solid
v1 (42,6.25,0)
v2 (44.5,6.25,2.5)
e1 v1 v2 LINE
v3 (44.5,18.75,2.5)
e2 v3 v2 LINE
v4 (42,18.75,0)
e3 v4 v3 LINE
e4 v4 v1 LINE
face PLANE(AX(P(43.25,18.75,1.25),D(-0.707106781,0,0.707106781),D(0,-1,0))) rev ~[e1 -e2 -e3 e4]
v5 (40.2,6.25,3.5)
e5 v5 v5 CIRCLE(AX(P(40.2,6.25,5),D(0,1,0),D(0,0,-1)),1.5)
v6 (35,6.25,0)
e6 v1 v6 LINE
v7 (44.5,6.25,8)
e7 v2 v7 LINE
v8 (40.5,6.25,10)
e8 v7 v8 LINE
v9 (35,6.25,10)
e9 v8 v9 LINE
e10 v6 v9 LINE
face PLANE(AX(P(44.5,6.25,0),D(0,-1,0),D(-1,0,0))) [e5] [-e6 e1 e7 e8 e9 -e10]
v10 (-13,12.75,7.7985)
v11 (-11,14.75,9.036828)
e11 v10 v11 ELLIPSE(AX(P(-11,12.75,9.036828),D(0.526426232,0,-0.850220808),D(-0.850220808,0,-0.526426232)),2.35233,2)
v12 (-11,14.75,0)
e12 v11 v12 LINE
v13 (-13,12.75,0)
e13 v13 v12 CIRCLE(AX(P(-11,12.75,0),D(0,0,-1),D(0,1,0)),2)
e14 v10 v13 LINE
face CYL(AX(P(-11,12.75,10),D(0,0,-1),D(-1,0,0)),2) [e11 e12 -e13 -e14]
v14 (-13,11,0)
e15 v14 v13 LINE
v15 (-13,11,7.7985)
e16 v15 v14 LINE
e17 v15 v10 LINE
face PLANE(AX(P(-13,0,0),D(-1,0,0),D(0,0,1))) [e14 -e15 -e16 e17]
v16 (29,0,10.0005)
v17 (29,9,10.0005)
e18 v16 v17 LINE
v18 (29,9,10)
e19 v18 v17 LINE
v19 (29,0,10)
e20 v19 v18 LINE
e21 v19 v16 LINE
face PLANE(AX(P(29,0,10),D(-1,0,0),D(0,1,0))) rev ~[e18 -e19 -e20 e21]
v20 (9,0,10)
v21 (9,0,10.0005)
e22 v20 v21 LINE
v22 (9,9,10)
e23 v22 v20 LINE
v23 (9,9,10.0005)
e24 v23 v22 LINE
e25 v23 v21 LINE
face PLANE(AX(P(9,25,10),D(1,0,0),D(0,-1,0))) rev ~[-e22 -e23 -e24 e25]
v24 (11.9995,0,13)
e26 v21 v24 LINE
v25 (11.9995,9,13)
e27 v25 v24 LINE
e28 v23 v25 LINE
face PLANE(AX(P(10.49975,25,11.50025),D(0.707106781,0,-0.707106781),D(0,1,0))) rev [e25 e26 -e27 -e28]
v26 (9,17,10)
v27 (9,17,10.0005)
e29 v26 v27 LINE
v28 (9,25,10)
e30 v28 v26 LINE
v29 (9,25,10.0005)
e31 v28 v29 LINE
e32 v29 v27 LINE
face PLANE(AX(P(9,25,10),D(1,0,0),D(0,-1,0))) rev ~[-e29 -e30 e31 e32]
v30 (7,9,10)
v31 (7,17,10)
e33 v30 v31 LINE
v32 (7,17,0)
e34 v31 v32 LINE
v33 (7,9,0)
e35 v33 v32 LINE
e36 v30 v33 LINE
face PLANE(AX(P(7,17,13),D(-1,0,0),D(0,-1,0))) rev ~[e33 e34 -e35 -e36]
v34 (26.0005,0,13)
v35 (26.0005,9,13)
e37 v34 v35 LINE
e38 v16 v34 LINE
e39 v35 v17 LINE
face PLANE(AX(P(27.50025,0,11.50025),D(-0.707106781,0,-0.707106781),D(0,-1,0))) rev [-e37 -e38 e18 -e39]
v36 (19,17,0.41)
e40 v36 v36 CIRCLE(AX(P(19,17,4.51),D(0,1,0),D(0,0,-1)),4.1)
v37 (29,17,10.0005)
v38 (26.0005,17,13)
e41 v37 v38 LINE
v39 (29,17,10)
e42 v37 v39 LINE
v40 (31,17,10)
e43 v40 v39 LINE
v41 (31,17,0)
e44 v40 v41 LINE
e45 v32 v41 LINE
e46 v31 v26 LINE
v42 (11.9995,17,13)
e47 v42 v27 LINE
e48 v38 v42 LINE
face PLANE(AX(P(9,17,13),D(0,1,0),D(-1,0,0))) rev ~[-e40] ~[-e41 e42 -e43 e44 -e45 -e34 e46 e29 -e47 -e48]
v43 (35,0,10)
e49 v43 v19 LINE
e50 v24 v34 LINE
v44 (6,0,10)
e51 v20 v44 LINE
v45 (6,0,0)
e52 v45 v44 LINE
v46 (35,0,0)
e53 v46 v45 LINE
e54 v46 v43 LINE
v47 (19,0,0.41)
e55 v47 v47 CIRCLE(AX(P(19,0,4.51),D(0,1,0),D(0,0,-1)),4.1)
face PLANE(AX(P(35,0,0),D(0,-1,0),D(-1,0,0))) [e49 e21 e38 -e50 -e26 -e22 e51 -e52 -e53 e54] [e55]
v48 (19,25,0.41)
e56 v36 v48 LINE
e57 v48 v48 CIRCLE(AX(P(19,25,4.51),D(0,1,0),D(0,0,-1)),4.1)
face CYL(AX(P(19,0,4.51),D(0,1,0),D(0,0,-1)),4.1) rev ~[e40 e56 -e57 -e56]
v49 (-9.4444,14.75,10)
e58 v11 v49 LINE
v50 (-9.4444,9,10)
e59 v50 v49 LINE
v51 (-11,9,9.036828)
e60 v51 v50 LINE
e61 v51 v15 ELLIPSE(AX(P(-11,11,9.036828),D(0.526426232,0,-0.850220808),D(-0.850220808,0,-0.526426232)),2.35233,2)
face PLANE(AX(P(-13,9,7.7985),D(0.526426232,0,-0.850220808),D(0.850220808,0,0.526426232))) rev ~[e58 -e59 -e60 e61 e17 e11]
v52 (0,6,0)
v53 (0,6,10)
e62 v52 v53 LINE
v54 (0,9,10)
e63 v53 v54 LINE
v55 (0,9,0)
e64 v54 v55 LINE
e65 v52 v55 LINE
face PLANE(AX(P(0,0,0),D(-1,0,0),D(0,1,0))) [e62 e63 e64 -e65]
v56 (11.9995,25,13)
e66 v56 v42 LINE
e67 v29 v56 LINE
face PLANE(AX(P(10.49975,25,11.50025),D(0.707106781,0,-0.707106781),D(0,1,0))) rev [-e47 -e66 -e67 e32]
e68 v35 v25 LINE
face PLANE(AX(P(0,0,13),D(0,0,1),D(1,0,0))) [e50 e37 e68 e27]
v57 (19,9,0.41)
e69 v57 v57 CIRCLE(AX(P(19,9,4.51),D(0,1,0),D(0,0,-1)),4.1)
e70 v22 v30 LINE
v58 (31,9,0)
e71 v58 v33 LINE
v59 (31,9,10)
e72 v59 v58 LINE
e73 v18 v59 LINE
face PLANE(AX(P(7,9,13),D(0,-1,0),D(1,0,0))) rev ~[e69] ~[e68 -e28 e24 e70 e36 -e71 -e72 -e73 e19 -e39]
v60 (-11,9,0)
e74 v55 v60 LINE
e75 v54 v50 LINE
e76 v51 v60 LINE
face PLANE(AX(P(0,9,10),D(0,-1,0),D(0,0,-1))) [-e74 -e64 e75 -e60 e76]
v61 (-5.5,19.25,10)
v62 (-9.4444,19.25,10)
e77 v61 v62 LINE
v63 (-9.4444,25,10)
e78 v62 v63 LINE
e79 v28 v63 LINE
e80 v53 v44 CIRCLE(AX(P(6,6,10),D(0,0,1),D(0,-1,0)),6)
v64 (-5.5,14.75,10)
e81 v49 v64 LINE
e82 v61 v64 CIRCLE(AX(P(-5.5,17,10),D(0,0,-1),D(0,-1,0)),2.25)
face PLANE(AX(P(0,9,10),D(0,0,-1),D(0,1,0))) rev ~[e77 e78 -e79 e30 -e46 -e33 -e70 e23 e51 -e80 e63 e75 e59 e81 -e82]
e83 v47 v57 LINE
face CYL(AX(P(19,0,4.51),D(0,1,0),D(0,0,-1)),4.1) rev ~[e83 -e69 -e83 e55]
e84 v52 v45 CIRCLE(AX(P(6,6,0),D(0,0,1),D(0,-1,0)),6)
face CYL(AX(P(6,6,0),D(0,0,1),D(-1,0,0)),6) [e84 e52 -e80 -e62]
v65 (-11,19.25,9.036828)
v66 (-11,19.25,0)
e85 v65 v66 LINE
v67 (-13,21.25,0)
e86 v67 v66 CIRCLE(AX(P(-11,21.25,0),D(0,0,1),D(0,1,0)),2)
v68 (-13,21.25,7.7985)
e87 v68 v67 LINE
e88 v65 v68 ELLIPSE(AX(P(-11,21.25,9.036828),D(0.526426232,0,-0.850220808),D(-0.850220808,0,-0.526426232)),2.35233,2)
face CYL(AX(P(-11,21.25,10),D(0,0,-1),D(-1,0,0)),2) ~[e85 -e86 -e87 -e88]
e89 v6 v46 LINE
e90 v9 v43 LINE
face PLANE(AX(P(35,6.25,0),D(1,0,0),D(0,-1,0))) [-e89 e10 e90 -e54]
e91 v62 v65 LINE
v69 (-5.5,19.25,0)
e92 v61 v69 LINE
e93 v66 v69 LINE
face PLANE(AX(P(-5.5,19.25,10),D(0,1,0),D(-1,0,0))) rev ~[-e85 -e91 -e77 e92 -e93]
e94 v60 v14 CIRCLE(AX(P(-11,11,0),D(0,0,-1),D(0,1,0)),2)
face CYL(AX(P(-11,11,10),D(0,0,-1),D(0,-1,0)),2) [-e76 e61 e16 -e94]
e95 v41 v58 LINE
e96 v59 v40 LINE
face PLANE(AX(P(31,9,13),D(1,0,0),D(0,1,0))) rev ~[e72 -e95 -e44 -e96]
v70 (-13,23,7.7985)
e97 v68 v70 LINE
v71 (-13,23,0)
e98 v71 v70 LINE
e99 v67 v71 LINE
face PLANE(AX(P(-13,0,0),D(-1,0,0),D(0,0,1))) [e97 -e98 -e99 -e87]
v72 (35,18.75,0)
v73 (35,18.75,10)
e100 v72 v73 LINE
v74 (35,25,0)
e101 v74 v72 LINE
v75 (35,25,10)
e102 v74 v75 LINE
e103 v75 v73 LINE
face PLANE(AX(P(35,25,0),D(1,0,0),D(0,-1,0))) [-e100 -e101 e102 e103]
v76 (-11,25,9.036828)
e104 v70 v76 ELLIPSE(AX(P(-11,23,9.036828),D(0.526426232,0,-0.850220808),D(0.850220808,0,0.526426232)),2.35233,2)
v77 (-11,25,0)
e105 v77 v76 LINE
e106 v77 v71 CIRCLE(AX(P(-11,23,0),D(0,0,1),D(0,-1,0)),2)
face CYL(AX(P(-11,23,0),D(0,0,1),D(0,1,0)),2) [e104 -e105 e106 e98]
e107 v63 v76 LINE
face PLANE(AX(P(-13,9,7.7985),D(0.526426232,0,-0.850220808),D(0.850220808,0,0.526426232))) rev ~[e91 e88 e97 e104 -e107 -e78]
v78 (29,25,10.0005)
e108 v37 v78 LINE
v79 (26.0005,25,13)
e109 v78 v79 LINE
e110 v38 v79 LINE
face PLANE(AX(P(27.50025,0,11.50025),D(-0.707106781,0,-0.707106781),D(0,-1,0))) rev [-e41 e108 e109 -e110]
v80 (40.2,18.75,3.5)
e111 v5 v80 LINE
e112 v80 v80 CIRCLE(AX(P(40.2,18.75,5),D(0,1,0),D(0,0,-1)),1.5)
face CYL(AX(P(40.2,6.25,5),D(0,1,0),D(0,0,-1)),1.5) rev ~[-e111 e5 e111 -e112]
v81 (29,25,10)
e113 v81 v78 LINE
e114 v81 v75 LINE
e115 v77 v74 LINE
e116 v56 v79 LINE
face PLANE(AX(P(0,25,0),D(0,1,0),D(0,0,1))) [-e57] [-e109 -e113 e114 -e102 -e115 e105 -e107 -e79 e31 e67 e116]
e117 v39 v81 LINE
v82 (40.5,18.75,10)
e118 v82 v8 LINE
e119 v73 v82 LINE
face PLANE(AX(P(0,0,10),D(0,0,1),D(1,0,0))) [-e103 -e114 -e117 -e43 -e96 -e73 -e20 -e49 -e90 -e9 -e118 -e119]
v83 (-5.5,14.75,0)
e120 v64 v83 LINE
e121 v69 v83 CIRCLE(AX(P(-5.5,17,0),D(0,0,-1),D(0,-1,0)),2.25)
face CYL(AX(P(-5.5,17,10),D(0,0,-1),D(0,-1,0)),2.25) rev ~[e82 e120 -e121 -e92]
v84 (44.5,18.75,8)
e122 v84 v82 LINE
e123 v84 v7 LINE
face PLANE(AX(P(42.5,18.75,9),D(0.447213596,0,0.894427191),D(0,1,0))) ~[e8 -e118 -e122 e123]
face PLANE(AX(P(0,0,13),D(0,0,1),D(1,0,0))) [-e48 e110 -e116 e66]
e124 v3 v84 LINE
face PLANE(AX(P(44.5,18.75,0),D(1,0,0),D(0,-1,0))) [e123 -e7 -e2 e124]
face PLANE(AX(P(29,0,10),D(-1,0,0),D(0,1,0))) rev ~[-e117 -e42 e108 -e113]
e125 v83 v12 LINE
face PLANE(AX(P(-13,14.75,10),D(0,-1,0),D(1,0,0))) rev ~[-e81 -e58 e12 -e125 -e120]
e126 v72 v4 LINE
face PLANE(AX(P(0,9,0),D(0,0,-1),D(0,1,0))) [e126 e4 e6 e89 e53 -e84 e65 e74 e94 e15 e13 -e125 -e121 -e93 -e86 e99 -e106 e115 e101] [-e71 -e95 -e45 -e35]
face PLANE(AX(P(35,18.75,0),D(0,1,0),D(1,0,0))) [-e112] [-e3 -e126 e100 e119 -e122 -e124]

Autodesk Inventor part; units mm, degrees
ref_plane "YZ Plane" through (0, 0, 0) normal (1, 0, 0) x (0, 1, 0)
ref_plane "XZ Plane" through (0, 0, 0) normal (0, 1, 0) x (-1, 0, 0)
ref_plane "XY Plane" through (0, 0, 0) normal (0, 0, 1) x (1, 0, 0)
sketch "Sketch1" plane through (0, 0, 0) normal (0, 0, 1) x (1, 0, 0)
  line L0 (0, 0) -> (0, 25)
  line L1 (0, 25) -> (35, 25)
  line L2 (35, 25) -> (35, 18.75)
  line L3 (35, 18.75) -> (44.5, 18.75)
  line L4 (44.5, 18.75) -> (44.5, 6.25)
  line L5 (44.5, 6.25) -> (35, 6.25)
  line L6 (35, 6.25) -> (35, 0)
  line L7 (35, 0) -> (0, 0)
  point P0 (0, 12.5)
  point P1 (44.5, 12.5)
  dimension "d0" = 25
  dimension "d1" = 35
  dimension "d2" = 12.5
  dimension "d3" = 6.25
  dimension "d4" = 9.5
extrude "Extrusion1" add sketch "Sketch1" along normal blind 10
hole "Hole1" at (40.2, 6.25, 5) direction (0, 1, 0) diameter 3 end through all
chamfer "Chamfer1" distance 2.5 angle 45 1 edges at (44.5, 12.5, 0)
hole "Hole2" at (19, 0, 4.51) direction (0, 1, 0) diameter 8.2 end through all
sketch "Sketch2" plane through (0, 0, 10) normal (0, 0, 1) x (1, 0, 0)
  line L0 (0, 25) -> (35, 25) projected
  line L1 (35, 0) -> (0, 0) projected
  line L2 (23.1, 25) -> (23.1, 0) projected
  line L3 (14.9, 25) -> (14.9, 0) projected
  line L4 (9, 0) -> (29, 0)
  line L5 (29, 0) -> (29, 25)
  line L6 (29, 25) -> (9, 25)
  line L7 (9, 25) -> (9, 0)
  dimension "d28" = 20
  dimension "d29" = 6
extrude "Extrusion2" add sketch "Sketch2" along normal blind 3
chamfer "Chamfer2" distance 3 angle 45 2 edges at (29, 12.5, 13) (9, 12.5, 13)
sketch "Sketch3" plane through (0, 0, 0) normal (-1, 0, 0) x (0, 0, 1)
  line L0 (10, 0) -> (10, 25) projected
  line L1 (0, 25) -> (10, 25)
  line L2 (10, 25) -> (10, 9)
  line L3 (10, 9) -> (0, 9)
  line L4 (0, 9) -> (0, 25)
  dimension "d35" = 16
extrude "Extrusion3" add sketch "Sketch3" along normal blind 13
hole "Hole3" at (-5.5, 17, 10) direction (0, 0, -1) diameter 4.5 end through all
sketch "Sketch4" plane through (0, 0, 10) normal (0, 0, 1) x (1, 0, 0)
  circle A0 centre (-5.5, 17) radius 2.25 projected
  line L0 (-13, 25) -> (-13, 9) projected
  line L1 (-5.5, 19.25) -> (-13, 19.25)
  line L2 (-13, 19.25) -> (-13, 14.75)
  line L3 (-13, 14.75) -> (-5.5, 14.75)
  line L4 (-5.5, 14.75) -> (-5.5, 19.25)
extrude "Extrusion4" cut sketch "Sketch4" against normal through all contours L4 A0 | A0 L3 L0 L1 picked at (-6.2445, 17.0904)
fillet "Fillet1" radius 2 4 edges at (-13, 25, 5) (-13, 19.25, 5) (-13, 14.75, 5) (-13, 9, 5)
sketch "Sketch5" plane through (0, 9, 0) normal (0, -1, 0) x (1, 0, 0)
  line L0 (0, 10) -> (-11, 10) projected
  line L1 (-13, 10) -> (-13, 0) projected
  line L2 (-13, 10) -> (-11, 10) projected
  line L3 (-13, 10) -> (-9.4444, 10)
  line L4 (-13, 7.7985) -> (-13, 10)
  line L5 (-13, 7.7985) -> (-9.4444, 10)
  dimension "d52" = 3.5556
  dimension "d53" = 2.2015
extrude "Extrusion5" cut sketch "Sketch5" against normal through all
fillet "Fillet2" radius 6 1 edges at (0, 0, 5)
sketch "Sketch6" plane through (0, 0, 13) normal (0, 0, 1) x (1, 0, 0)
  line L0 (9, 0) -> (9, 25) projected
  line L1 (-9.4444, 25) -> (9, 25) projected
  line L2 (12, 25) -> (9, 25) projected
  line L3 (29, 25) -> (26, 25) projected
  line L4 (29, 25) -> (35, 25) projected
  line L5 (9, 0) -> (6, 0) projected
  line L6 (26, 0) -> (29, 0) projected
  line L7 (35, 0) -> (29, 0) projected
  line L8 (23.1, 25) -> (23.1, 0) projected
  line L9 (14.9, 25) -> (14.9, 0) projected
  line L10 (7, 9) -> (31, 9)
  line L11 (31, 9) -> (31, 17)
  line L12 (31, 17) -> (7, 17)
  line L13 (7, 17) -> (7, 9)
  point P0 (0, 0)
  dimension "d55" = 24
  dimension "d56" = 8
  dimension "d57" = 9
  dimension "d58" = 7.9
extrude "Extrusion6" cut sketch "Sketch6" against normal through all
chamfer "Chamfer3" distance 2 distance2 4 1 edges at (44.5, 12.5, 10) measured on face at (44.5, 14.5833, 5)
properties part number "idler mount"
